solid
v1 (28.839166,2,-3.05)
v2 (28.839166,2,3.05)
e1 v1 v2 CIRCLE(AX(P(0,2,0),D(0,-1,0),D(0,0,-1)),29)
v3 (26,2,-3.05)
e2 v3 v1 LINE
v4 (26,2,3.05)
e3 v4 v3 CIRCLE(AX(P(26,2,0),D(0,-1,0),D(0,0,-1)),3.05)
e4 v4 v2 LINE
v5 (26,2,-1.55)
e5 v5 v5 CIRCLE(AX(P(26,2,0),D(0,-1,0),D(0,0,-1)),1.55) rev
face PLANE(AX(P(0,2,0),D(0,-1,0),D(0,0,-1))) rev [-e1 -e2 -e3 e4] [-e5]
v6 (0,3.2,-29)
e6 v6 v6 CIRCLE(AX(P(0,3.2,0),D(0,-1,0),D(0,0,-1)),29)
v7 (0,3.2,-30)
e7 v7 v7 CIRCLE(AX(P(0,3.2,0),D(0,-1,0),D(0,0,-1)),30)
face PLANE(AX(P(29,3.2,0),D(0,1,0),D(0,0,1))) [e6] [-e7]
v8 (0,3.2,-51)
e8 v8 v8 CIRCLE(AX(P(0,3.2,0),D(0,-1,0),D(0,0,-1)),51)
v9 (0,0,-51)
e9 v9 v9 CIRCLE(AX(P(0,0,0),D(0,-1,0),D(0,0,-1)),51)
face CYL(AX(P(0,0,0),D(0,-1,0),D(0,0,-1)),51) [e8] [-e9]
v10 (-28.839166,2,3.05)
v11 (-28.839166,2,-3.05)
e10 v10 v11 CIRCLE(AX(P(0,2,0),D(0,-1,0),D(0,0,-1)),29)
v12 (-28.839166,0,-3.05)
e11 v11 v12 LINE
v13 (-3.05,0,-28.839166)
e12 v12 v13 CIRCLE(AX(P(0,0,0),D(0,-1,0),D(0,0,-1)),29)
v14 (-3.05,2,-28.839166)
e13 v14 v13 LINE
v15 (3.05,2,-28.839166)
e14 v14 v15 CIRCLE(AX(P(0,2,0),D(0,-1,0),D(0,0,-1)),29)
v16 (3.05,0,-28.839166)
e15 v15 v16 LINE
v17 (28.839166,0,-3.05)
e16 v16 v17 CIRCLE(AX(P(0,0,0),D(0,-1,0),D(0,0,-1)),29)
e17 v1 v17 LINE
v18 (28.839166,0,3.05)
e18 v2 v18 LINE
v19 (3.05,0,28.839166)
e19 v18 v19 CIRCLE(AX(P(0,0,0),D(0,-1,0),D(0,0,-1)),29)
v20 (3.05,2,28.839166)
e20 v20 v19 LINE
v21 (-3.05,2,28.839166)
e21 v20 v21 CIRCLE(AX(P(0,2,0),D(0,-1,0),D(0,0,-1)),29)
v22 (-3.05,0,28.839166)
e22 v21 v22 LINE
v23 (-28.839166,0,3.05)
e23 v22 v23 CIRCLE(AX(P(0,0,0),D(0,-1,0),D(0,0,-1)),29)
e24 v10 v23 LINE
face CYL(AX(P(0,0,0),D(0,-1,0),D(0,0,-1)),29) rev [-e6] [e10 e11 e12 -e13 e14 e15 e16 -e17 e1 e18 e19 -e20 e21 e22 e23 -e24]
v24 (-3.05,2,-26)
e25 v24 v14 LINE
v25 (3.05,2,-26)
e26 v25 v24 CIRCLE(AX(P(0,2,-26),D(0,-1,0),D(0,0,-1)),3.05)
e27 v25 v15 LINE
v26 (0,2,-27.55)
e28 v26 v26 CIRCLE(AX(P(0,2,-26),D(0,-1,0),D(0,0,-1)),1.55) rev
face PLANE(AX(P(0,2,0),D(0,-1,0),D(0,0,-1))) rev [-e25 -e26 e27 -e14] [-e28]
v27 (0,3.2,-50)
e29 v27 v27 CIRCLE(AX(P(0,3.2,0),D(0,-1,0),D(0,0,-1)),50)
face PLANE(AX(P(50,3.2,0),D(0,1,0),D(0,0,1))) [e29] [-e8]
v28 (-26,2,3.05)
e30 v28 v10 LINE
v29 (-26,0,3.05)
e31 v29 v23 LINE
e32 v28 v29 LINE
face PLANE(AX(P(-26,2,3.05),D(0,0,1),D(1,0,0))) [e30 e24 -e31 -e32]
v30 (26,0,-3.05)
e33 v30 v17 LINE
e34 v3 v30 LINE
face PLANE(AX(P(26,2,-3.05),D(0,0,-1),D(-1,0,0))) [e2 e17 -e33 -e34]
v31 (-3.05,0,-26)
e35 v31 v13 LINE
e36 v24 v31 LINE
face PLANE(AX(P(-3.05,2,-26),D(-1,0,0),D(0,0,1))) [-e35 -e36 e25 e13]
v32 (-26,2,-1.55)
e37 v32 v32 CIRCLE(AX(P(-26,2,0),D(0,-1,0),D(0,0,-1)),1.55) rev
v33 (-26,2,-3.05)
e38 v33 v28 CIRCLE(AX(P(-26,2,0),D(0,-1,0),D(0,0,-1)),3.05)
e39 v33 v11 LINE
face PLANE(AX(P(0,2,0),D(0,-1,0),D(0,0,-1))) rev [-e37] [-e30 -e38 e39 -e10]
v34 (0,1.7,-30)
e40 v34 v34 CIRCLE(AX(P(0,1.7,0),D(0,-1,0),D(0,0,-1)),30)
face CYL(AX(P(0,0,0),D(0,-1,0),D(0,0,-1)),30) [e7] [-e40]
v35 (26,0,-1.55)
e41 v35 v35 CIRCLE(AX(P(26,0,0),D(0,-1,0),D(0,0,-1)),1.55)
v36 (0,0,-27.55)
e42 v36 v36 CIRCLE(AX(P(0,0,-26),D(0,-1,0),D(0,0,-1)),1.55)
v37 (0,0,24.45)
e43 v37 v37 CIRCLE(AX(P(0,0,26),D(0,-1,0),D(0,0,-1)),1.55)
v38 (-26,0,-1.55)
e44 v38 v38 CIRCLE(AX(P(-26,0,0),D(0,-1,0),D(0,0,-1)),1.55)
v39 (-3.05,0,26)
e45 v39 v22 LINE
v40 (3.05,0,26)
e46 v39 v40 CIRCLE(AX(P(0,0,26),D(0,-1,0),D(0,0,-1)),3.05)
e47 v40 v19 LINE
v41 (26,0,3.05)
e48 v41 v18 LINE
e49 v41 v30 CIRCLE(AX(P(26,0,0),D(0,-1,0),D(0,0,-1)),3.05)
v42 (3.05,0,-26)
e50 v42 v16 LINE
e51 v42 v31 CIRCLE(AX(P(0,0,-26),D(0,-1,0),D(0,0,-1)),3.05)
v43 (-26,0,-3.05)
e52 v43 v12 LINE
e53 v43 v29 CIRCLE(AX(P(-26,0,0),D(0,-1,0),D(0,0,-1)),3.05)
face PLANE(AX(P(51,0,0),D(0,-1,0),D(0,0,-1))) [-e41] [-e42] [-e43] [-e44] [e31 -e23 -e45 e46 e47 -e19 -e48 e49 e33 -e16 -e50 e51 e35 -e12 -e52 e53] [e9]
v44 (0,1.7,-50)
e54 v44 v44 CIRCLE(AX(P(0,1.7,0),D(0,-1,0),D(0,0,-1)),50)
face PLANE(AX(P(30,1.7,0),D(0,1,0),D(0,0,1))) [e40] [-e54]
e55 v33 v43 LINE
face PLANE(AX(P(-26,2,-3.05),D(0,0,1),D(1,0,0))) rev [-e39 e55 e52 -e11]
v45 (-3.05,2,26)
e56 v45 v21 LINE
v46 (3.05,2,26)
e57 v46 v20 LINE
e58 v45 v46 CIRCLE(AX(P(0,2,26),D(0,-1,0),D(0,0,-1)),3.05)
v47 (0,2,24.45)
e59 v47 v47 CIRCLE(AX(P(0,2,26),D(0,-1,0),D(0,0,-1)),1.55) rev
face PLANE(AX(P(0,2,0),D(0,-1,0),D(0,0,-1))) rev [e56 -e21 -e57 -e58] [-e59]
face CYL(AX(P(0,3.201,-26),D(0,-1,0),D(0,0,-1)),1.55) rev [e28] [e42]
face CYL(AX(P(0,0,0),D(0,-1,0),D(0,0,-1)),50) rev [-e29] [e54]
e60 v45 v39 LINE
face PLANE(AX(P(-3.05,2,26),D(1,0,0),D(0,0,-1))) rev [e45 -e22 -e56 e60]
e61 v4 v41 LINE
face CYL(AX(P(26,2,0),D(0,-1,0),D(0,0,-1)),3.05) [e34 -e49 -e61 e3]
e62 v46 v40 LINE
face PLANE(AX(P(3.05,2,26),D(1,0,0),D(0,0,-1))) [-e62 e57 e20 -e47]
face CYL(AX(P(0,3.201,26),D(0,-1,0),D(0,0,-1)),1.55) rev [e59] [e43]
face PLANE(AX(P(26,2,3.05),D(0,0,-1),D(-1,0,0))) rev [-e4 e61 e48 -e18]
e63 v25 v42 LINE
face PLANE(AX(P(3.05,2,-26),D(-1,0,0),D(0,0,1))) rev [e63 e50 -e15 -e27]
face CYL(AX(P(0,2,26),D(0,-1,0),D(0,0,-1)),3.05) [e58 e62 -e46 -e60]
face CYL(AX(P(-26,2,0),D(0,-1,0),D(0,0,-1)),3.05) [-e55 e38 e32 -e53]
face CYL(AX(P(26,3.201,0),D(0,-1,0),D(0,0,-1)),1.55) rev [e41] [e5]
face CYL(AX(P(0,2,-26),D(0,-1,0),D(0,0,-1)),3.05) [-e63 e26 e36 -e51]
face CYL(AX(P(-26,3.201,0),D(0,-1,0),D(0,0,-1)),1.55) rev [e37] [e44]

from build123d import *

# Parameters (mm, degrees)
EXTRUDE_START       = -2
EXTRUDE_1_DEPTH     = 2
CUT_EXTRUDE_1_REACH = 74.196
SKETCH_2_4_R        = 1.55


with BuildPart() as part:
    # 草图1 → 旋转1 (revolve)
    with BuildSketch(Plane.XY):
        Polygon((29, 0), (29, 3.2), (30, 3.2), (30, 1.7), (50, 1.7), (50, 3.2), (51, 3.2), (51, 0), align=None)
    revolve(axis=Axis((0, 0, 0), (0, 1, 0)))

    # 草图2 → 凸台-拉伸1 (add)
    with BuildSketch(Plane.XZ.offset(EXTRUDE_START)):
        with BuildLine():
            Line((-3.05, 26), (-3.05, 28.839166077))
            ThreePointArc((-3.05, 28.839166077), (0, 29), (3.05, 28.839166077))
            Line((3.05, 28.839166077), (3.05, 26))
            ThreePointArc((3.05, 26), (0, 22.95), (-3.05, 26))
        make_face()
        with BuildLine():
            Line((26, 3.05), (28.839166077, 3.05))
            ThreePointArc((28.839166077, 3.05), (29, 0), (28.839166077, -3.05))
            Line((28.839166077, -3.05), (26, -3.05))
            ThreePointArc((26, -3.05), (22.95, 0), (26, 3.05))
        make_face()
        with BuildLine():
            Line((3.05, -26), (3.05, -28.839166077))
            ThreePointArc((3.05, -28.839166077), (0, -29), (-3.05, -28.839166077))
            Line((-3.05, -28.839166077), (-3.05, -26))
            ThreePointArc((-3.05, -26), (0, -22.95), (3.05, -26))
        make_face()
        with BuildLine():
            Line((-26, -3.05), (-28.839166077, -3.05))
            ThreePointArc((-28.839166077, -3.05), (-29, 0), (-28.839166077, 3.05))
            Line((-28.839166077, 3.05), (-26, 3.05))
            ThreePointArc((-26, 3.05), (-22.95, 0), (-26, -3.05))
        make_face()
    extrude(amount=EXTRUDE_1_DEPTH)

    # 草图2<4> → 切除-拉伸1 (cut, up to next)
    with BuildSketch(Plane.XZ, mode=Mode.PRIVATE) as cut_extrude_1_sk1:
        with Locations((0, 26)):
            Circle(SKETCH_2_4_R)
    cut_extrude_1_tool1 = extrude(cut_extrude_1_sk1.sketch, amount=-CUT_EXTRUDE_1_REACH, mode=Mode.PRIVATE) & part.part
    # 草图2<4> → 切除-拉伸1 (cut, up to next)
    with BuildSketch(Plane.XZ, mode=Mode.PRIVATE) as cut_extrude_1_sk2:
        with Locations((26, 0)):
            Circle(SKETCH_2_4_R)
    cut_extrude_1_tool2 = extrude(cut_extrude_1_sk2.sketch, amount=-CUT_EXTRUDE_1_REACH, mode=Mode.PRIVATE) & part.part
    # 草图2<4> → 切除-拉伸1 (cut, up to next)
    with BuildSketch(Plane.XZ, mode=Mode.PRIVATE) as cut_extrude_1_sk3:
        with Locations((0, -26)):
            Circle(SKETCH_2_4_R)
    cut_extrude_1_tool3 = extrude(cut_extrude_1_sk3.sketch, amount=-CUT_EXTRUDE_1_REACH, mode=Mode.PRIVATE) & part.part
    # 草图2<4> → 切除-拉伸1 (cut, up to next)
    with BuildSketch(Plane.XZ, mode=Mode.PRIVATE) as cut_extrude_1_sk4:
        with Locations((-26, 0)):
            Circle(SKETCH_2_4_R)
    cut_extrude_1_tool4 = extrude(cut_extrude_1_sk4.sketch, amount=-CUT_EXTRUDE_1_REACH, mode=Mode.PRIVATE) & part.part
    add(cut_extrude_1_tool1.solids().sort_by_distance((0, 0, 26))[0], mode=Mode.SUBTRACT)
    add(cut_extrude_1_tool2.solids().sort_by_distance((26, 0, 0))[0], mode=Mode.SUBTRACT)
    add(cut_extrude_1_tool3.solids().sort_by_distance((0, 0, -26))[0], mode=Mode.SUBTRACT)
    add(cut_extrude_1_tool4.solids().sort_by_distance((-26, 0, 0))[0], mode=Mode.SUBTRACT)


solid = part.part
